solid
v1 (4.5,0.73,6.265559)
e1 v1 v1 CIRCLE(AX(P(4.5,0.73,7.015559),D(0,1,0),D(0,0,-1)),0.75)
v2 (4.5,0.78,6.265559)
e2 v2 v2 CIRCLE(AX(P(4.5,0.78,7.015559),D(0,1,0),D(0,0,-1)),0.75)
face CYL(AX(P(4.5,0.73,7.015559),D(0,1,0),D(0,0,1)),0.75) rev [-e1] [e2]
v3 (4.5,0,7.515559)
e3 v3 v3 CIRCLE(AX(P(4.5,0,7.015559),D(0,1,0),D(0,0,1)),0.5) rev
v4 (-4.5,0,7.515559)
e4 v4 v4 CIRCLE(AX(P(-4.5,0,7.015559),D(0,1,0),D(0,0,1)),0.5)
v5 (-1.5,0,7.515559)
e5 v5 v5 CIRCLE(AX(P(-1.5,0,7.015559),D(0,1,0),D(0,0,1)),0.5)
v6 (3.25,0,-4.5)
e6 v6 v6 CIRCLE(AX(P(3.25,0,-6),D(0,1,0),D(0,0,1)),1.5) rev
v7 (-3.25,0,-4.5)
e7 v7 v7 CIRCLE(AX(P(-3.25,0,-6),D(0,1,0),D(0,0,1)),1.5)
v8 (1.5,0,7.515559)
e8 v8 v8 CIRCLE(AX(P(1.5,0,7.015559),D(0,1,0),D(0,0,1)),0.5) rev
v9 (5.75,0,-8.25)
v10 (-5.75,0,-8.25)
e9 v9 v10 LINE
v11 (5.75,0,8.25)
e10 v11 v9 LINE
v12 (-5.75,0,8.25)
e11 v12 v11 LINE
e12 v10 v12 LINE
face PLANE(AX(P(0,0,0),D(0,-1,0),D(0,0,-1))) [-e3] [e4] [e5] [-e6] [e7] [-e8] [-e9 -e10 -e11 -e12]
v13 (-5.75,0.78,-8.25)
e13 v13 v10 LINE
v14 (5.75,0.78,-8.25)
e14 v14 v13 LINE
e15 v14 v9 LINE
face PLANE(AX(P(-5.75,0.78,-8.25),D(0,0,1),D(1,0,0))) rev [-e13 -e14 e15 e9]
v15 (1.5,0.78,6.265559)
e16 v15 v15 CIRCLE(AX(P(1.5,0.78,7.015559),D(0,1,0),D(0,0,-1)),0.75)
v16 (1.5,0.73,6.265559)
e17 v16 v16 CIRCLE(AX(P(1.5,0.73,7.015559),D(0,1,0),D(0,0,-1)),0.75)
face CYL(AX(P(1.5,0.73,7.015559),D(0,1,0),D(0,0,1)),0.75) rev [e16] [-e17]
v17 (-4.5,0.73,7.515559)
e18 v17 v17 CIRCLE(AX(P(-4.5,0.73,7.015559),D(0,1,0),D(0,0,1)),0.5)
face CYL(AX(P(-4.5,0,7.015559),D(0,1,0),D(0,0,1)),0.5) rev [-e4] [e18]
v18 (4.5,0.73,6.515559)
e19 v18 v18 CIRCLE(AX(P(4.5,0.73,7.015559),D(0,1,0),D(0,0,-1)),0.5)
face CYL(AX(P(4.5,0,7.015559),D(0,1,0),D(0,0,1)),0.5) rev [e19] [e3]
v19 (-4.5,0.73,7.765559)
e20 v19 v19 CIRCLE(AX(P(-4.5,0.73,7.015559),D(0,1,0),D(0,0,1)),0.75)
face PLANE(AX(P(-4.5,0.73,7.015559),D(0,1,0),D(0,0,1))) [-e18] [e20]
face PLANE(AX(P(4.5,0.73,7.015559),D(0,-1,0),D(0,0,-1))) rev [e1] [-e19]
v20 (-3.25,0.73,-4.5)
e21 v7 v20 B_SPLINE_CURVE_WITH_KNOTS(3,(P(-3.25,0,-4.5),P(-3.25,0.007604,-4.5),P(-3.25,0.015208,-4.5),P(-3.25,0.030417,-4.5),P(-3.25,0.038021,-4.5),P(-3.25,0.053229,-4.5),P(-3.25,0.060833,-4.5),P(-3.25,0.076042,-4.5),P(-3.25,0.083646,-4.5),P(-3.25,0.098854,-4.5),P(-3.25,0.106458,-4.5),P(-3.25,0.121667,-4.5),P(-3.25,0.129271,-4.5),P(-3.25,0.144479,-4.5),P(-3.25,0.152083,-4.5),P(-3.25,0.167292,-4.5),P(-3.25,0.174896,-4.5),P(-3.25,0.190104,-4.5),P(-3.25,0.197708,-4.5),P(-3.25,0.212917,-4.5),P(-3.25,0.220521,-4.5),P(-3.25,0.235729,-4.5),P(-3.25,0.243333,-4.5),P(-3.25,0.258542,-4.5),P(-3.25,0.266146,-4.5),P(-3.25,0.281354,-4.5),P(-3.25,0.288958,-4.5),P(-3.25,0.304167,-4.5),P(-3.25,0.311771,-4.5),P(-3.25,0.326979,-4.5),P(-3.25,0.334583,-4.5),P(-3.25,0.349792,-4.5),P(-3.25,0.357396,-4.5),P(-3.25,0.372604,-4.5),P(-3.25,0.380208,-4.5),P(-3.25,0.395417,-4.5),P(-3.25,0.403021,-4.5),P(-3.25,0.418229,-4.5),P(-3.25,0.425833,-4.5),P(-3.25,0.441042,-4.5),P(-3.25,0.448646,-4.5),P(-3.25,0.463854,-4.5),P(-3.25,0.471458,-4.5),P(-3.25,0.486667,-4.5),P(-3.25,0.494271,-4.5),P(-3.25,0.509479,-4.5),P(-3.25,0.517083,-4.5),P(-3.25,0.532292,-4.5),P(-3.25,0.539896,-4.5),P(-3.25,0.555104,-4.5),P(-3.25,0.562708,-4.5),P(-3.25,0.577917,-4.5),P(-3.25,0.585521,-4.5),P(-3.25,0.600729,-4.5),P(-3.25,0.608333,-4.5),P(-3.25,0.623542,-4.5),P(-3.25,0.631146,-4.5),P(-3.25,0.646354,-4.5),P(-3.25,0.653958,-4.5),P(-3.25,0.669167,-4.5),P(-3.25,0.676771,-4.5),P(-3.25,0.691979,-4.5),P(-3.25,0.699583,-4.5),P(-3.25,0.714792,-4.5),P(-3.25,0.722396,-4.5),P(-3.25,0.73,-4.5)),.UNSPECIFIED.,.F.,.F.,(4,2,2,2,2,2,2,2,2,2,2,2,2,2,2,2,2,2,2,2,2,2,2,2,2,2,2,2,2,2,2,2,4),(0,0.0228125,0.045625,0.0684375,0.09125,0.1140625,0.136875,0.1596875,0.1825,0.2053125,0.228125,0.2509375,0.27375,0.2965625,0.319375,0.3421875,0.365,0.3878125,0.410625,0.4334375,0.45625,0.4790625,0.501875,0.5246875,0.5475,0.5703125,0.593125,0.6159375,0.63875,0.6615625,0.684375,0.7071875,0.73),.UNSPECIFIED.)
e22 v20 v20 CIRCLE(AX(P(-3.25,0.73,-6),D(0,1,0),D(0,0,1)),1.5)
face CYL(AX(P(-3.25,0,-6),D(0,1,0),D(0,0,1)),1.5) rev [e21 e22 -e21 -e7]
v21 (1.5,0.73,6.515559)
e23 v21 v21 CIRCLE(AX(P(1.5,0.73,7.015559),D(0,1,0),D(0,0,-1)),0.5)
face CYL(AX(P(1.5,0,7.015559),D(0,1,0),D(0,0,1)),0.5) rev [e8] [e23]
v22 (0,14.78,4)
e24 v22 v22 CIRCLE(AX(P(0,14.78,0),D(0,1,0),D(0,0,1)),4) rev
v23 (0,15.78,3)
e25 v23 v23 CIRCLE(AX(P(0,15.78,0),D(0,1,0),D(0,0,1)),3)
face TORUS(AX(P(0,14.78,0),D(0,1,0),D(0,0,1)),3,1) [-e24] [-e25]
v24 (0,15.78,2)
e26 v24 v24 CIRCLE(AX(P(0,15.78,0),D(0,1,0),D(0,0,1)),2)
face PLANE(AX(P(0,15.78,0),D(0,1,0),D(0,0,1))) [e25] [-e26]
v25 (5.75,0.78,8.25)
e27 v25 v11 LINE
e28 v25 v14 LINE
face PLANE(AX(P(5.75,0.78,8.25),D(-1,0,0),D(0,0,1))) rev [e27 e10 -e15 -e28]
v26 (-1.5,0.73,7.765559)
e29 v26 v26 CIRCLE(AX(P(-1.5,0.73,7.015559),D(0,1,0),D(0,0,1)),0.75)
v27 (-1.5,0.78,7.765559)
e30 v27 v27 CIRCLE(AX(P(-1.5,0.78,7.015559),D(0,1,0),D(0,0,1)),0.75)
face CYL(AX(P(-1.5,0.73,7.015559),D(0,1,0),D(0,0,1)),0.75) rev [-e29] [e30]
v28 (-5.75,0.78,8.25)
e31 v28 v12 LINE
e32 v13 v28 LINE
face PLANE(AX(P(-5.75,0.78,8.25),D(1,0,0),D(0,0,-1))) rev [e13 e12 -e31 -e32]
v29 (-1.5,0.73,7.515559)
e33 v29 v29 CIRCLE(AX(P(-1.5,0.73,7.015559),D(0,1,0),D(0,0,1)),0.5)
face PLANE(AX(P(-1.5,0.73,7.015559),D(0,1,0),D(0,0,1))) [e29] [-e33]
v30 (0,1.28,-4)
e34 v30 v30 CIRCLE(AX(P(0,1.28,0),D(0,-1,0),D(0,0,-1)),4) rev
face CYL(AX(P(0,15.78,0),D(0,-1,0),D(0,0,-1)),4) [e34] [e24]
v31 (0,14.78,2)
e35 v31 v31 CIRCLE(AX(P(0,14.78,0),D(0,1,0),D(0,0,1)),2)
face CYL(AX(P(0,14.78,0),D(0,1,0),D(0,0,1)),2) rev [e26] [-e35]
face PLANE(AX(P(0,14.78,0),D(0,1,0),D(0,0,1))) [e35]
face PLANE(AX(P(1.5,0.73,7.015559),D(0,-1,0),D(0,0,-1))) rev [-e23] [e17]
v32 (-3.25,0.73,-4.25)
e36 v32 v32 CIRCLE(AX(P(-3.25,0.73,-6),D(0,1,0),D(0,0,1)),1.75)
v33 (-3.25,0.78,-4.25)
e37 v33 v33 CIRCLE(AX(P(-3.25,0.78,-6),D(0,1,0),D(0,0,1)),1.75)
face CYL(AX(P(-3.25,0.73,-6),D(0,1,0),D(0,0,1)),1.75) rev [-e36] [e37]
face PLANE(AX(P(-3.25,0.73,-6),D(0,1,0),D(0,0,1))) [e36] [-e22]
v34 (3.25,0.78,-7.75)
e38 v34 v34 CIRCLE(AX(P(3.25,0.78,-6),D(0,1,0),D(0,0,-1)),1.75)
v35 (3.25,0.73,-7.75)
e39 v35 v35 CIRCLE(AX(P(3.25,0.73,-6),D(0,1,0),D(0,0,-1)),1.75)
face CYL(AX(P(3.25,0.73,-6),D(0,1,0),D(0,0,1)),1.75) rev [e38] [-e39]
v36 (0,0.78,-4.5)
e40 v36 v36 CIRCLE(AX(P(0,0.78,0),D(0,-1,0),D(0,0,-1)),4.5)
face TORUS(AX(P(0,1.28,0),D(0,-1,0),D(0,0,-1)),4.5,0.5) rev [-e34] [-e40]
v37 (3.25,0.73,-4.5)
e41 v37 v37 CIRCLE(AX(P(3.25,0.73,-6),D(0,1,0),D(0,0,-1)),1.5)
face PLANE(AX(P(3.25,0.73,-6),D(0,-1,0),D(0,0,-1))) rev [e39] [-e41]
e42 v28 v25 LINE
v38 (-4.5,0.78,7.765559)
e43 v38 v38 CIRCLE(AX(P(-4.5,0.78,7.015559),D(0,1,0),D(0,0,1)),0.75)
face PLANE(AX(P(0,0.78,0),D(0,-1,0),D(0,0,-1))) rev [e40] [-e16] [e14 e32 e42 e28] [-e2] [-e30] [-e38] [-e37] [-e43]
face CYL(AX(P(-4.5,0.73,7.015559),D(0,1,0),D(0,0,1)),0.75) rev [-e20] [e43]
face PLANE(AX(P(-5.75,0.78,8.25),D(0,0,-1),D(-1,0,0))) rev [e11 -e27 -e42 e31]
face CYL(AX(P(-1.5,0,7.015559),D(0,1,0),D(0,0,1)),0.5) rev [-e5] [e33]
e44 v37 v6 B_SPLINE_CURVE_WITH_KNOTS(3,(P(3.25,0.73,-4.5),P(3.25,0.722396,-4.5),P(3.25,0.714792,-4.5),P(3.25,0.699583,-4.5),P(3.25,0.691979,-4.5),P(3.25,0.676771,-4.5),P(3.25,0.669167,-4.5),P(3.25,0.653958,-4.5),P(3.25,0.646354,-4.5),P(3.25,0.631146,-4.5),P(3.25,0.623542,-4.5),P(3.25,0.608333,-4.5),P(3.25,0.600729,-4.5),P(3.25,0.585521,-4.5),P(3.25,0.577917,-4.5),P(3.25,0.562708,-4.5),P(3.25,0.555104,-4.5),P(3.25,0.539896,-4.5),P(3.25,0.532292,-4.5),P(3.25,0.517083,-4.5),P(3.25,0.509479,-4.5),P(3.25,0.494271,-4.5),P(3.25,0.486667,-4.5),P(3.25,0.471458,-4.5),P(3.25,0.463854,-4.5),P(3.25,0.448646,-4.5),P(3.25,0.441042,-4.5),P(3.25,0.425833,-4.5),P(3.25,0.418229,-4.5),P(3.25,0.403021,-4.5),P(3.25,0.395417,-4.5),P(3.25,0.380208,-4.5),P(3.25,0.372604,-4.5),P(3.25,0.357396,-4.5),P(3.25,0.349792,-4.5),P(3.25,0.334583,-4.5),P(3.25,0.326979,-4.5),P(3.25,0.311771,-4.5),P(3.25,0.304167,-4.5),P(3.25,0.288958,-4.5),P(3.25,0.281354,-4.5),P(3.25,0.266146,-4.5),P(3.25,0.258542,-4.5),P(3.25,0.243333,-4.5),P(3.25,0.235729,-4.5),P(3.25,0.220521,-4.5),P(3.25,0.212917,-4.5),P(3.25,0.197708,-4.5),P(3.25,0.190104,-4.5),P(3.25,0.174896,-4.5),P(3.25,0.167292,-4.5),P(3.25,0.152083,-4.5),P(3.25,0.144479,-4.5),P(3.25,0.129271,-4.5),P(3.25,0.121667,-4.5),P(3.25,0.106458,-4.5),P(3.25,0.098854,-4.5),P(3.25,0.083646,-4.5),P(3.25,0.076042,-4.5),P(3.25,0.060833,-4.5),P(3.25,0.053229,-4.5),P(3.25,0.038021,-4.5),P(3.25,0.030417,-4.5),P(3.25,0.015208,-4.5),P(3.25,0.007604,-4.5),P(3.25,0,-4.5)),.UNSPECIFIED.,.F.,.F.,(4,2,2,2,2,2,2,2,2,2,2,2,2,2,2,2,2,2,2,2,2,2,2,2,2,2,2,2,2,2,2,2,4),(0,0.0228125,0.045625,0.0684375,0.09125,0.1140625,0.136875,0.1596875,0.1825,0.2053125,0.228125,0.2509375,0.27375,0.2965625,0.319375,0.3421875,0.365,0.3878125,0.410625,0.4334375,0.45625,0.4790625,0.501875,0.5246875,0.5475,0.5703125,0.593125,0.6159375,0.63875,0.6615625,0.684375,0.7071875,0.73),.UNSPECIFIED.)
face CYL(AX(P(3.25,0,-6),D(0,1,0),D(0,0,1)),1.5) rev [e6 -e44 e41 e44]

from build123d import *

# Parameters (mm, degrees)
SKETCH1_W           = 11.5
SKETCH1_H           = 16.5
BOSS_EXTRUDE1_DEPTH = 0.78
SKETCH2_R           = 0.5
SKETCH2_R_2         = 1.5
CUT_EXTRUDE1_DEPTH  = 11.086297636
SKETCH2_3_R         = 0.75
SKETCH2_3_R_2       = 0.5
SKETCH2_3_R_3       = 1.75
SKETCH2_3_R_4       = 1.5
CUT_EXTRUDE2_DEPTH  = 0.05
SKETCH4_R           = 4
BOSS_EXTRUDE2_DEPTH = 15
FILLET1_R           = 1
FILLET2_R           = 0.5
SKETCH5_R           = 2
CUT_EXTRUDE3_DEPTH  = 1


with BuildPart() as part:
    # Sketch1 → Boss-Extrude1 (new body)
    with BuildSketch(Plane(origin=(0, 0, 0), x_dir=(1, 0, 0), z_dir=(0, 1, 0))):
        Rectangle(SKETCH1_W, SKETCH1_H)
    extrude(amount=BOSS_EXTRUDE1_DEPTH)

    # Sketch2 → Cut-Extrude1 (cut, through all)
    with BuildSketch(Plane(origin=(0, 0.78, 0), x_dir=(1, 0, 0), z_dir=(0, 1, 0))):
        with Locations((-4.5, -7.015559496)):
            Circle(SKETCH2_R)
        with Locations((-1.5, -7.015559496)):
            Circle(SKETCH2_R)
        with Locations((1.5, -7.015559496)):
            Circle(SKETCH2_R)
        with Locations((4.5, -7.015559496)):
            Circle(SKETCH2_R)
        with Locations((-3.25, 6)):
            Circle(SKETCH2_R_2)
        with Locations((3.25, 6)):
            Circle(SKETCH2_R_2)
    extrude(amount=-CUT_EXTRUDE1_DEPTH, mode=Mode.SUBTRACT)

    # Sketch2<3> → Cut-Extrude2 (cut)
    # profile 1 of 6: a face of its own
    with BuildSketch(Plane(origin=(0, 0.78, 0), x_dir=(1, 0, 0), z_dir=(0, 1, 0))):
        with Locations((-4.5, -7.015559496)):
            Circle(SKETCH2_3_R)
        with Locations((-4.5, -7.015559496)):
            Circle(SKETCH2_3_R_2, mode=Mode.SUBTRACT)
    # profile 2 of 6: a face of its own
    with BuildSketch(Plane(origin=(0, 0.78, 0), x_dir=(1, 0, 0), z_dir=(0, 1, 0))):
        with Locations((-1.5, -7.015559496)):
            Circle(SKETCH2_3_R)
        with Locations((-1.5, -7.015559496)):
            Circle(SKETCH2_3_R_2, mode=Mode.SUBTRACT)
    # profile 3 of 6: a face of its own
    with BuildSketch(Plane(origin=(0, 0.78, 0), x_dir=(1, 0, 0), z_dir=(0, 1, 0))):
        with Locations((4.5, -7.015559496)):
            Circle(SKETCH2_3_R)
        with Locations((4.5, -7.015559496)):
            Circle(SKETCH2_3_R_2, mode=Mode.SUBTRACT)
    # profile 4 of 6: a face of its own
    with BuildSketch(Plane(origin=(0, 0.78, 0), x_dir=(1, 0, 0), z_dir=(0, 1, 0))):
        with Locations((1.5, -7.015559496)):
            Circle(SKETCH2_3_R)
        with Locations((1.5, -7.015559496)):
            Circle(SKETCH2_3_R_2, mode=Mode.SUBTRACT)
    # profile 5 of 6: a face of its own
    with BuildSketch(Plane(origin=(0, 0.78, 0), x_dir=(1, 0, 0), z_dir=(0, 1, 0))):
        with Locations((-3.25, 6)):
            Circle(SKETCH2_3_R_3)
        with Locations((-3.25, 6)):
            Circle(SKETCH2_3_R_4, mode=Mode.SUBTRACT)
    # profile 6 of 6: a face of its own
    with BuildSketch(Plane(origin=(0, 0.78, 0), x_dir=(1, 0, 0), z_dir=(0, 1, 0))):
        with Locations((3.25, 6)):
            Circle(SKETCH2_3_R_3)
        with Locations((3.25, 6)):
            Circle(SKETCH2_3_R_4, mode=Mode.SUBTRACT)
    extrude(amount=-CUT_EXTRUDE2_DEPTH, mode=Mode.SUBTRACT)

    # Sketch4 → Boss-Extrude2 (add)
    with BuildSketch(Plane(origin=(0, 0.78, 0), x_dir=(1, 0, 0), z_dir=(0, 1, 0))):
        Circle(SKETCH4_R)
    extrude(amount=BOSS_EXTRUDE2_DEPTH)

    # Fillet1
    fillet1_edges = [part.edges().sort_by_distance(p)[0] for p in [
        (-4, 15.78, 0),
    ]]
    fillet(fillet1_edges, radius=FILLET1_R)

    # Fillet2
    fillet2_edges = [part.edges().sort_by_distance(p)[0] for p in [
        (-4, 0.78, 0),
    ]]
    fillet(fillet2_edges, radius=FILLET2_R)

    # Sketch5 → Cut-Extrude3 (cut)
    with BuildSketch(Plane(origin=(0, 15.78, 0), x_dir=(1, 0, 0), z_dir=(0, 1, 0))):
        Circle(SKETCH5_R)
    extrude(amount=-CUT_EXTRUDE3_DEPTH, mode=Mode.SUBTRACT)


solid = part.part
